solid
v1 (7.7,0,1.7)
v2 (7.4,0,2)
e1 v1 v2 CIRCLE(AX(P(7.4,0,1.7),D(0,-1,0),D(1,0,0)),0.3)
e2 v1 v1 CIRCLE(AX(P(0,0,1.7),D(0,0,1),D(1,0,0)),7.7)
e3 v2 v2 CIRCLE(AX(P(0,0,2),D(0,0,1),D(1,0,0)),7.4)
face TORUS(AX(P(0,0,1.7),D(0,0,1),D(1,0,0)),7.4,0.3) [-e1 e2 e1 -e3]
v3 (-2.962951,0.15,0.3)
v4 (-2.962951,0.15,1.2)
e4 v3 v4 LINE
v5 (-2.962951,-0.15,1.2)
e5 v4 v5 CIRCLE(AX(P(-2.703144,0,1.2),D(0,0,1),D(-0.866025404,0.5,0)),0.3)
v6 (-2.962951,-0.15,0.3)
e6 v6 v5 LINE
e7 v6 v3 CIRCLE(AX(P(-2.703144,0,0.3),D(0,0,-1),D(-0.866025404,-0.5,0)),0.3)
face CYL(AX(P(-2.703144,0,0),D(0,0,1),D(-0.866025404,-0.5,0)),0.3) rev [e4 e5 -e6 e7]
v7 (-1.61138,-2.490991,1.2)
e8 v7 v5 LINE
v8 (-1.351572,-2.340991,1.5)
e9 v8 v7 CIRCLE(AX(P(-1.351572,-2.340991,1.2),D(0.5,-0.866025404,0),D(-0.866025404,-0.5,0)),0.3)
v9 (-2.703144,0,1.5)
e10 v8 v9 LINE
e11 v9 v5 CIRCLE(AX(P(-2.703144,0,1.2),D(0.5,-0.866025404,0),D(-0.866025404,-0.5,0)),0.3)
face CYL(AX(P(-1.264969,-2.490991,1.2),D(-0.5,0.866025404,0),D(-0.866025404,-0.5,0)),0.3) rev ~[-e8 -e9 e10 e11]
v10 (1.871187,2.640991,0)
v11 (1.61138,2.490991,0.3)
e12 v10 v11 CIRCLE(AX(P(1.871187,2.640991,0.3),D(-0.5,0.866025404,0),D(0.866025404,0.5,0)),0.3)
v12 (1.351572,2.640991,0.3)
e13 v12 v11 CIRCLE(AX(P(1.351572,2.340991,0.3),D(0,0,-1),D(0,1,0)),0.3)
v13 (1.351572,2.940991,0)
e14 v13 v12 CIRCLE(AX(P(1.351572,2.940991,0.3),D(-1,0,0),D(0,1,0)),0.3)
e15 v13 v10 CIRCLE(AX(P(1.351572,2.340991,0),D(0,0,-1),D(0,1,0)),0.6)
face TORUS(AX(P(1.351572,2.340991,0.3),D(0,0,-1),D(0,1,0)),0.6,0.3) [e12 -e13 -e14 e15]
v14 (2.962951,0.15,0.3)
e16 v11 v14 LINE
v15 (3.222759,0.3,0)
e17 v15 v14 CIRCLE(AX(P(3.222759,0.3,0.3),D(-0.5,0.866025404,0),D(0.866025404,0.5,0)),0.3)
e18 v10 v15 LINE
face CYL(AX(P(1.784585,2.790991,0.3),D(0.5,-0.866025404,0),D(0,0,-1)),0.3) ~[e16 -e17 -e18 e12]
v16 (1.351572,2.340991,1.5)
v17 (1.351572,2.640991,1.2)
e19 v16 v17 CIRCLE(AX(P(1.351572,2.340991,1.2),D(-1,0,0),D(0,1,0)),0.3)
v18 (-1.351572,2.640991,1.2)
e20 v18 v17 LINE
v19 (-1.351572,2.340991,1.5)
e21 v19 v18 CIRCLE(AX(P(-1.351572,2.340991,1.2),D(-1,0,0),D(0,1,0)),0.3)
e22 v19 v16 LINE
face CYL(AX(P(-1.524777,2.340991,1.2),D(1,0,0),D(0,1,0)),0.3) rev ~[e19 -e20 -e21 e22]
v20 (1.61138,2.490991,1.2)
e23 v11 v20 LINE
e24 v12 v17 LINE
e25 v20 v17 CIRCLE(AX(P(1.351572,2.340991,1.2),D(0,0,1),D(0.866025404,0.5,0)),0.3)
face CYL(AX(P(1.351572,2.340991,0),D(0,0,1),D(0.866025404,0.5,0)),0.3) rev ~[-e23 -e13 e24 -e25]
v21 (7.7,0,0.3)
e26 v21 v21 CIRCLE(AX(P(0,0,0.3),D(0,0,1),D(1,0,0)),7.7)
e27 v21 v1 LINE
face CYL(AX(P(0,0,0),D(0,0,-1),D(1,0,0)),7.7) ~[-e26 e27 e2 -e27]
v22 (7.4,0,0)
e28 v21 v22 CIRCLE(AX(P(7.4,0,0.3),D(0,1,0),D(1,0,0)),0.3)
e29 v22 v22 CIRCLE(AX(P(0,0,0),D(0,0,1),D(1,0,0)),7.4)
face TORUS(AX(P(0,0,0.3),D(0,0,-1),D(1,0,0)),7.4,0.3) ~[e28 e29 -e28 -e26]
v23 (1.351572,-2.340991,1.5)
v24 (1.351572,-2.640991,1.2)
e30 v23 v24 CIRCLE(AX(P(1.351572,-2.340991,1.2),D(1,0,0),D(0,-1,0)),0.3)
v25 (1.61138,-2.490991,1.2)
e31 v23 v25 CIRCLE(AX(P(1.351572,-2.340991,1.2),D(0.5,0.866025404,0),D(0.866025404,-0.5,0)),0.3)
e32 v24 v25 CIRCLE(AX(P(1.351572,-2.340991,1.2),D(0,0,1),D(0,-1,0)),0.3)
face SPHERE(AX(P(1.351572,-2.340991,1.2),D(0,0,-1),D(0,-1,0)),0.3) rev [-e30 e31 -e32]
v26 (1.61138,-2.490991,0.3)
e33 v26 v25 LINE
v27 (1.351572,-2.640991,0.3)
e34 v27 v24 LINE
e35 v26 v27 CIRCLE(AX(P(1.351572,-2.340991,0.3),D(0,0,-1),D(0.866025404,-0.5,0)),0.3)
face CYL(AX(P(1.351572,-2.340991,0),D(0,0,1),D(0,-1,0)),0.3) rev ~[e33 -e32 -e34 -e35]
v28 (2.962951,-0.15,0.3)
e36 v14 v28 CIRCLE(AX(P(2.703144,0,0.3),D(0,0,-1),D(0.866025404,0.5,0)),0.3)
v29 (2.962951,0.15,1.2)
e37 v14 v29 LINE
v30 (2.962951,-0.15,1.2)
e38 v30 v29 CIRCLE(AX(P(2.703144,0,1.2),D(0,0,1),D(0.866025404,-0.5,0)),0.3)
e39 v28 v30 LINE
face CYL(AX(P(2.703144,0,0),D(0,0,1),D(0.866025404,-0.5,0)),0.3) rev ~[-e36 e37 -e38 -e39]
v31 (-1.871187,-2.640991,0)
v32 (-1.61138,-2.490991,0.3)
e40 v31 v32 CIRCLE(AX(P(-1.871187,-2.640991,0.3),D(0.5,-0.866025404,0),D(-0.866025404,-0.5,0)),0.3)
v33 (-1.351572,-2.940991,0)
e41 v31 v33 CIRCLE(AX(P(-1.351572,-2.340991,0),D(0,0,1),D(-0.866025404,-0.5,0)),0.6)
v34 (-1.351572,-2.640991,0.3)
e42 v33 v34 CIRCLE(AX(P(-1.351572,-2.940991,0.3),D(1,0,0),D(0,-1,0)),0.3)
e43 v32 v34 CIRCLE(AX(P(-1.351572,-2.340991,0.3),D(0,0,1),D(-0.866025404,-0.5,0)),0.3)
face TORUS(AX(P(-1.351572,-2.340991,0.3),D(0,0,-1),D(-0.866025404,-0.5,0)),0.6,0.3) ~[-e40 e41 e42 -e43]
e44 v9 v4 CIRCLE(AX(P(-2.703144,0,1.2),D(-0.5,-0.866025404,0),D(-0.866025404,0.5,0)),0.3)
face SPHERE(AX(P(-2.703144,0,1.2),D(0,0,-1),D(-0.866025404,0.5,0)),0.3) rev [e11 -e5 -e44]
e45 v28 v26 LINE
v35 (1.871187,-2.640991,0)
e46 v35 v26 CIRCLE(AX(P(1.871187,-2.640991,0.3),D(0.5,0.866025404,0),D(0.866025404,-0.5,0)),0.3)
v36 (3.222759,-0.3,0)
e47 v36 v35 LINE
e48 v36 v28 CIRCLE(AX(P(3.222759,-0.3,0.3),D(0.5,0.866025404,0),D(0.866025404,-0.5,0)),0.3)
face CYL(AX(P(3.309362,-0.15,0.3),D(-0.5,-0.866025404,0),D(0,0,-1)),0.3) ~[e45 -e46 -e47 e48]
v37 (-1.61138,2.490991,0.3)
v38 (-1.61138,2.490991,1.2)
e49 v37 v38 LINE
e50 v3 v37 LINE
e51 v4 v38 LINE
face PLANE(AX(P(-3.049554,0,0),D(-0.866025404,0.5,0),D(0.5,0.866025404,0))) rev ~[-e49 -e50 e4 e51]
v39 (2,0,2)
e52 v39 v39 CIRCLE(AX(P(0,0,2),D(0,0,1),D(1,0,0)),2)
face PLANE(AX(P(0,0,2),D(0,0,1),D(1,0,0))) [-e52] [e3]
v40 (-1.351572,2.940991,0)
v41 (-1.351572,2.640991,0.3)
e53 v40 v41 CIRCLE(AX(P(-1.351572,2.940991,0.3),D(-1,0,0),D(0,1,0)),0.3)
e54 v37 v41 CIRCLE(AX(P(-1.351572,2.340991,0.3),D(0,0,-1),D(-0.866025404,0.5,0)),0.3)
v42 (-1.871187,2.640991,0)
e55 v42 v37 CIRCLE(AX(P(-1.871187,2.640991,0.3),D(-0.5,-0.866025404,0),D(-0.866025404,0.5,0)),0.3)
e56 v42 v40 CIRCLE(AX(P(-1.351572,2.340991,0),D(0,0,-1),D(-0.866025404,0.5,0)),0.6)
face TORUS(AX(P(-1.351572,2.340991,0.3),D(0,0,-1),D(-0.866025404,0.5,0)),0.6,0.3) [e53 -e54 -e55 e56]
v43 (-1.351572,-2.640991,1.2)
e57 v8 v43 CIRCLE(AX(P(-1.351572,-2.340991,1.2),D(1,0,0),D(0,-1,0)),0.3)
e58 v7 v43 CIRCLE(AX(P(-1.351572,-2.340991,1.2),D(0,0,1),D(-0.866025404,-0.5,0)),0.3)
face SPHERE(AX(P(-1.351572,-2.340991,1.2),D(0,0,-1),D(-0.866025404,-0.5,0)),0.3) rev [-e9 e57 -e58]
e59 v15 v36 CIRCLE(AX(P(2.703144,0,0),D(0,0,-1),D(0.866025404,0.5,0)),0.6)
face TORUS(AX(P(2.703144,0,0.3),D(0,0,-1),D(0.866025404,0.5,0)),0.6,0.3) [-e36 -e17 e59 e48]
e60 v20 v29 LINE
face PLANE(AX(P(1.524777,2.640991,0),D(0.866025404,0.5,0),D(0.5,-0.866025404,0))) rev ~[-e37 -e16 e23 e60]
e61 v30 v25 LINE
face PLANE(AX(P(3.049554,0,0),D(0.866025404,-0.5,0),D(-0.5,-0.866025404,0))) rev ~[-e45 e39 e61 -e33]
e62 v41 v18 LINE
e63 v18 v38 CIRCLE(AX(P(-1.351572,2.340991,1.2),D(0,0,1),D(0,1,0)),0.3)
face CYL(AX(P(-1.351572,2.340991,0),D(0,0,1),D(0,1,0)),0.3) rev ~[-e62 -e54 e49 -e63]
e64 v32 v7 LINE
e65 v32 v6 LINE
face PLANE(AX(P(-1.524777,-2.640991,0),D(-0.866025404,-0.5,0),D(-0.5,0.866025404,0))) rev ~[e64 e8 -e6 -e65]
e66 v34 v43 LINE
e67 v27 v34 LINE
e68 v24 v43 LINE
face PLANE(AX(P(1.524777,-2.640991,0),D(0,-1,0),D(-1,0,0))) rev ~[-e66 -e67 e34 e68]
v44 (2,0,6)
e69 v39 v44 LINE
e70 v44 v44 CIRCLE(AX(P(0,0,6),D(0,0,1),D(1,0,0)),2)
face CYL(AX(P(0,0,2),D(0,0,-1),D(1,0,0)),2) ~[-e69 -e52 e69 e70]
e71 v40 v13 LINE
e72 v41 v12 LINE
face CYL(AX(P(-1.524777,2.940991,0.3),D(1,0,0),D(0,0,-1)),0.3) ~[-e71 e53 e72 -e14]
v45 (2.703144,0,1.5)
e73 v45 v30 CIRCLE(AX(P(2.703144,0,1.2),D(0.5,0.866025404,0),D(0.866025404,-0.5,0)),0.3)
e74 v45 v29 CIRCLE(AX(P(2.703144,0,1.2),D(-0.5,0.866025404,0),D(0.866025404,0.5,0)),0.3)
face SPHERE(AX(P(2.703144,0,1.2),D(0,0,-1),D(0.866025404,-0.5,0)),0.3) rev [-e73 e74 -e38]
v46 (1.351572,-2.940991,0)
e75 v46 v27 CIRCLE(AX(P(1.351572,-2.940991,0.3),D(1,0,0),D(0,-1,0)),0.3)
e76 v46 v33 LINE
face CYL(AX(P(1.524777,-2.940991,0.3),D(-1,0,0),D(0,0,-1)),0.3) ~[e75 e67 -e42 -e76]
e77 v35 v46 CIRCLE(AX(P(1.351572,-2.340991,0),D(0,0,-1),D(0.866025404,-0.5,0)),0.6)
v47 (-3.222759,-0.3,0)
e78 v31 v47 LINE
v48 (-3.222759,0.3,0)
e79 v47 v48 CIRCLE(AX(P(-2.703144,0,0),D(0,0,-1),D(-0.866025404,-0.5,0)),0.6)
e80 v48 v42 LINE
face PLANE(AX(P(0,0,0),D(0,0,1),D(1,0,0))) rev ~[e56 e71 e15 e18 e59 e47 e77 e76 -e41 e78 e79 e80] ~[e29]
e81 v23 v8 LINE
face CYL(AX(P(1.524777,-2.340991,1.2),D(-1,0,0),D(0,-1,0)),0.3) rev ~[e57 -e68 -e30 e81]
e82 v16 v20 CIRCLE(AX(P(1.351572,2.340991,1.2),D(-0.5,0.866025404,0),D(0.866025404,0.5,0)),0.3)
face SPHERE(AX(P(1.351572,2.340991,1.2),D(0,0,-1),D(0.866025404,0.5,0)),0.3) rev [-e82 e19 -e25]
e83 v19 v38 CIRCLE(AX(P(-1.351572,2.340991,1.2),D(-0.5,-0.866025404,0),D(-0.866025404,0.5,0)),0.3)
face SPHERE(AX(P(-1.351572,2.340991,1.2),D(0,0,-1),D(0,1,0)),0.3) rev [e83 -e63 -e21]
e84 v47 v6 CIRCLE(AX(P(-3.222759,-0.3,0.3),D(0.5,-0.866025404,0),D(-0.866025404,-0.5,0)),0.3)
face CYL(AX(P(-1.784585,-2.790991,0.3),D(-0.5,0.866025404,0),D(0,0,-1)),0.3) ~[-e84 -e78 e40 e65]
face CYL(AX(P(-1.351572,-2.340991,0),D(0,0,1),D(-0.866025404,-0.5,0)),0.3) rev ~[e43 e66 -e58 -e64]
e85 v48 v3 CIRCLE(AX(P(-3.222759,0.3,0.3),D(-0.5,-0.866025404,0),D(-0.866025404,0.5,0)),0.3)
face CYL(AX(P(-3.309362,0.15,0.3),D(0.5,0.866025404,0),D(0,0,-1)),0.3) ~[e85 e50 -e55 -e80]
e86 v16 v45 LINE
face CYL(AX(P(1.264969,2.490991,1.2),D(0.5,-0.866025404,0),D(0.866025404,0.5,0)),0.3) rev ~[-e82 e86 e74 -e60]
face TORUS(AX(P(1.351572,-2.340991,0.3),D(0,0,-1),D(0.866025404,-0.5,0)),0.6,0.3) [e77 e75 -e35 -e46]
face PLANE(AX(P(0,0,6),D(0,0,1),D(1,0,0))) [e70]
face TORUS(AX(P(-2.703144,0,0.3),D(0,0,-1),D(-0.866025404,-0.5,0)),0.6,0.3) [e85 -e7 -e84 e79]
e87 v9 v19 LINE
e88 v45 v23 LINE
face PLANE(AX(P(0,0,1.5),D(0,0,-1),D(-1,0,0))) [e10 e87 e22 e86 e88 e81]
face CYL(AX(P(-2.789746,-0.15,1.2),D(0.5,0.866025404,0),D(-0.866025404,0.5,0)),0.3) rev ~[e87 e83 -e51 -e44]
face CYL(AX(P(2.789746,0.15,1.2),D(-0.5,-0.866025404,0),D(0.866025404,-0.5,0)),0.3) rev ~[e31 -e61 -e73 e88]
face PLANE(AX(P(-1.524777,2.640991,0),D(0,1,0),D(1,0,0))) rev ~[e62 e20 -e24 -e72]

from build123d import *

# Parameters (mm, degrees)
SKETCH1_R      = 7.7
EXTRUDE1_DEPTH = 2
FILLET1_R      = 0.3
EXTRUDE2_DEPTH = 1.5
FILLET2_R      = 0.3
SKETCH3_R      = 2
EXTRUDE4_DEPTH = 4


with BuildPart() as part:
    # Sketch1 → Extrude1 (new body)
    with BuildSketch(Plane.XY):
        Circle(SKETCH1_R)
    extrude(amount=EXTRUDE1_DEPTH)

    # Fillet1
    fillet1_edges = [part.edges().sort_by_distance(p)[0] for p in [
        (-7.7, 0, 0),
        (-7.7, 0, 2),
    ]]
    fillet(fillet1_edges, radius=FILLET1_R)

    # Sketch2 → Extrude2 (cut)
    with BuildSketch(Plane(origin=(0, 0, 0), x_dir=(-1, 0, 0), z_dir=(0, 0, -1))):
        Polygon((3.049554036, 0), (1.524777018, 2.640991265), (-1.524777018, 2.640991265), (-3.049554036, 0), (-1.524777018, -2.640991265), (1.524777018, -2.640991265), align=None)
    extrude(amount=-EXTRUDE2_DEPTH, mode=Mode.SUBTRACT)

    # Fillet2
    fillet2_edges = [part.edges().sort_by_distance(p)[0] for p in [
        (-2.287165527, -1.320495633, 1.5),
        (-3.049554036, 0, 0.75),
        (0, -2.640991265, 1.5),
        (-1.524777018, -2.640991265, 0.75),
        (2.287165527, -1.320495633, 1.5),
        (1.524777018, -2.640991265, 0.75),
        (2.287165527, 1.320495633, 1.5),
        (3.049554036, 0, 0.75),
        (0, 2.640991265, 1.5),
        (1.524777018, 2.640991265, 0.75),
        (-2.287165527, 1.320495633, 1.5),
        (-1.524777018, 2.640991265, 0.75),
        (-2.287165527, -1.320495633, 0),
        (-2.287165527, 1.320495633, 0),
        (0, 2.640991265, 0),
        (2.287165527, 1.320495633, 0),
        (2.287165527, -1.320495633, 0),
        (0, -2.640991265, 0),
    ]]
    fillet(fillet2_edges, radius=FILLET2_R)

    # Sketch3 → Extrude4 (add)
    with BuildSketch(Plane.XY.offset(2)):
        Circle(SKETCH3_R)
    extrude(amount=EXTRUDE4_DEPTH)


solid = part.part
